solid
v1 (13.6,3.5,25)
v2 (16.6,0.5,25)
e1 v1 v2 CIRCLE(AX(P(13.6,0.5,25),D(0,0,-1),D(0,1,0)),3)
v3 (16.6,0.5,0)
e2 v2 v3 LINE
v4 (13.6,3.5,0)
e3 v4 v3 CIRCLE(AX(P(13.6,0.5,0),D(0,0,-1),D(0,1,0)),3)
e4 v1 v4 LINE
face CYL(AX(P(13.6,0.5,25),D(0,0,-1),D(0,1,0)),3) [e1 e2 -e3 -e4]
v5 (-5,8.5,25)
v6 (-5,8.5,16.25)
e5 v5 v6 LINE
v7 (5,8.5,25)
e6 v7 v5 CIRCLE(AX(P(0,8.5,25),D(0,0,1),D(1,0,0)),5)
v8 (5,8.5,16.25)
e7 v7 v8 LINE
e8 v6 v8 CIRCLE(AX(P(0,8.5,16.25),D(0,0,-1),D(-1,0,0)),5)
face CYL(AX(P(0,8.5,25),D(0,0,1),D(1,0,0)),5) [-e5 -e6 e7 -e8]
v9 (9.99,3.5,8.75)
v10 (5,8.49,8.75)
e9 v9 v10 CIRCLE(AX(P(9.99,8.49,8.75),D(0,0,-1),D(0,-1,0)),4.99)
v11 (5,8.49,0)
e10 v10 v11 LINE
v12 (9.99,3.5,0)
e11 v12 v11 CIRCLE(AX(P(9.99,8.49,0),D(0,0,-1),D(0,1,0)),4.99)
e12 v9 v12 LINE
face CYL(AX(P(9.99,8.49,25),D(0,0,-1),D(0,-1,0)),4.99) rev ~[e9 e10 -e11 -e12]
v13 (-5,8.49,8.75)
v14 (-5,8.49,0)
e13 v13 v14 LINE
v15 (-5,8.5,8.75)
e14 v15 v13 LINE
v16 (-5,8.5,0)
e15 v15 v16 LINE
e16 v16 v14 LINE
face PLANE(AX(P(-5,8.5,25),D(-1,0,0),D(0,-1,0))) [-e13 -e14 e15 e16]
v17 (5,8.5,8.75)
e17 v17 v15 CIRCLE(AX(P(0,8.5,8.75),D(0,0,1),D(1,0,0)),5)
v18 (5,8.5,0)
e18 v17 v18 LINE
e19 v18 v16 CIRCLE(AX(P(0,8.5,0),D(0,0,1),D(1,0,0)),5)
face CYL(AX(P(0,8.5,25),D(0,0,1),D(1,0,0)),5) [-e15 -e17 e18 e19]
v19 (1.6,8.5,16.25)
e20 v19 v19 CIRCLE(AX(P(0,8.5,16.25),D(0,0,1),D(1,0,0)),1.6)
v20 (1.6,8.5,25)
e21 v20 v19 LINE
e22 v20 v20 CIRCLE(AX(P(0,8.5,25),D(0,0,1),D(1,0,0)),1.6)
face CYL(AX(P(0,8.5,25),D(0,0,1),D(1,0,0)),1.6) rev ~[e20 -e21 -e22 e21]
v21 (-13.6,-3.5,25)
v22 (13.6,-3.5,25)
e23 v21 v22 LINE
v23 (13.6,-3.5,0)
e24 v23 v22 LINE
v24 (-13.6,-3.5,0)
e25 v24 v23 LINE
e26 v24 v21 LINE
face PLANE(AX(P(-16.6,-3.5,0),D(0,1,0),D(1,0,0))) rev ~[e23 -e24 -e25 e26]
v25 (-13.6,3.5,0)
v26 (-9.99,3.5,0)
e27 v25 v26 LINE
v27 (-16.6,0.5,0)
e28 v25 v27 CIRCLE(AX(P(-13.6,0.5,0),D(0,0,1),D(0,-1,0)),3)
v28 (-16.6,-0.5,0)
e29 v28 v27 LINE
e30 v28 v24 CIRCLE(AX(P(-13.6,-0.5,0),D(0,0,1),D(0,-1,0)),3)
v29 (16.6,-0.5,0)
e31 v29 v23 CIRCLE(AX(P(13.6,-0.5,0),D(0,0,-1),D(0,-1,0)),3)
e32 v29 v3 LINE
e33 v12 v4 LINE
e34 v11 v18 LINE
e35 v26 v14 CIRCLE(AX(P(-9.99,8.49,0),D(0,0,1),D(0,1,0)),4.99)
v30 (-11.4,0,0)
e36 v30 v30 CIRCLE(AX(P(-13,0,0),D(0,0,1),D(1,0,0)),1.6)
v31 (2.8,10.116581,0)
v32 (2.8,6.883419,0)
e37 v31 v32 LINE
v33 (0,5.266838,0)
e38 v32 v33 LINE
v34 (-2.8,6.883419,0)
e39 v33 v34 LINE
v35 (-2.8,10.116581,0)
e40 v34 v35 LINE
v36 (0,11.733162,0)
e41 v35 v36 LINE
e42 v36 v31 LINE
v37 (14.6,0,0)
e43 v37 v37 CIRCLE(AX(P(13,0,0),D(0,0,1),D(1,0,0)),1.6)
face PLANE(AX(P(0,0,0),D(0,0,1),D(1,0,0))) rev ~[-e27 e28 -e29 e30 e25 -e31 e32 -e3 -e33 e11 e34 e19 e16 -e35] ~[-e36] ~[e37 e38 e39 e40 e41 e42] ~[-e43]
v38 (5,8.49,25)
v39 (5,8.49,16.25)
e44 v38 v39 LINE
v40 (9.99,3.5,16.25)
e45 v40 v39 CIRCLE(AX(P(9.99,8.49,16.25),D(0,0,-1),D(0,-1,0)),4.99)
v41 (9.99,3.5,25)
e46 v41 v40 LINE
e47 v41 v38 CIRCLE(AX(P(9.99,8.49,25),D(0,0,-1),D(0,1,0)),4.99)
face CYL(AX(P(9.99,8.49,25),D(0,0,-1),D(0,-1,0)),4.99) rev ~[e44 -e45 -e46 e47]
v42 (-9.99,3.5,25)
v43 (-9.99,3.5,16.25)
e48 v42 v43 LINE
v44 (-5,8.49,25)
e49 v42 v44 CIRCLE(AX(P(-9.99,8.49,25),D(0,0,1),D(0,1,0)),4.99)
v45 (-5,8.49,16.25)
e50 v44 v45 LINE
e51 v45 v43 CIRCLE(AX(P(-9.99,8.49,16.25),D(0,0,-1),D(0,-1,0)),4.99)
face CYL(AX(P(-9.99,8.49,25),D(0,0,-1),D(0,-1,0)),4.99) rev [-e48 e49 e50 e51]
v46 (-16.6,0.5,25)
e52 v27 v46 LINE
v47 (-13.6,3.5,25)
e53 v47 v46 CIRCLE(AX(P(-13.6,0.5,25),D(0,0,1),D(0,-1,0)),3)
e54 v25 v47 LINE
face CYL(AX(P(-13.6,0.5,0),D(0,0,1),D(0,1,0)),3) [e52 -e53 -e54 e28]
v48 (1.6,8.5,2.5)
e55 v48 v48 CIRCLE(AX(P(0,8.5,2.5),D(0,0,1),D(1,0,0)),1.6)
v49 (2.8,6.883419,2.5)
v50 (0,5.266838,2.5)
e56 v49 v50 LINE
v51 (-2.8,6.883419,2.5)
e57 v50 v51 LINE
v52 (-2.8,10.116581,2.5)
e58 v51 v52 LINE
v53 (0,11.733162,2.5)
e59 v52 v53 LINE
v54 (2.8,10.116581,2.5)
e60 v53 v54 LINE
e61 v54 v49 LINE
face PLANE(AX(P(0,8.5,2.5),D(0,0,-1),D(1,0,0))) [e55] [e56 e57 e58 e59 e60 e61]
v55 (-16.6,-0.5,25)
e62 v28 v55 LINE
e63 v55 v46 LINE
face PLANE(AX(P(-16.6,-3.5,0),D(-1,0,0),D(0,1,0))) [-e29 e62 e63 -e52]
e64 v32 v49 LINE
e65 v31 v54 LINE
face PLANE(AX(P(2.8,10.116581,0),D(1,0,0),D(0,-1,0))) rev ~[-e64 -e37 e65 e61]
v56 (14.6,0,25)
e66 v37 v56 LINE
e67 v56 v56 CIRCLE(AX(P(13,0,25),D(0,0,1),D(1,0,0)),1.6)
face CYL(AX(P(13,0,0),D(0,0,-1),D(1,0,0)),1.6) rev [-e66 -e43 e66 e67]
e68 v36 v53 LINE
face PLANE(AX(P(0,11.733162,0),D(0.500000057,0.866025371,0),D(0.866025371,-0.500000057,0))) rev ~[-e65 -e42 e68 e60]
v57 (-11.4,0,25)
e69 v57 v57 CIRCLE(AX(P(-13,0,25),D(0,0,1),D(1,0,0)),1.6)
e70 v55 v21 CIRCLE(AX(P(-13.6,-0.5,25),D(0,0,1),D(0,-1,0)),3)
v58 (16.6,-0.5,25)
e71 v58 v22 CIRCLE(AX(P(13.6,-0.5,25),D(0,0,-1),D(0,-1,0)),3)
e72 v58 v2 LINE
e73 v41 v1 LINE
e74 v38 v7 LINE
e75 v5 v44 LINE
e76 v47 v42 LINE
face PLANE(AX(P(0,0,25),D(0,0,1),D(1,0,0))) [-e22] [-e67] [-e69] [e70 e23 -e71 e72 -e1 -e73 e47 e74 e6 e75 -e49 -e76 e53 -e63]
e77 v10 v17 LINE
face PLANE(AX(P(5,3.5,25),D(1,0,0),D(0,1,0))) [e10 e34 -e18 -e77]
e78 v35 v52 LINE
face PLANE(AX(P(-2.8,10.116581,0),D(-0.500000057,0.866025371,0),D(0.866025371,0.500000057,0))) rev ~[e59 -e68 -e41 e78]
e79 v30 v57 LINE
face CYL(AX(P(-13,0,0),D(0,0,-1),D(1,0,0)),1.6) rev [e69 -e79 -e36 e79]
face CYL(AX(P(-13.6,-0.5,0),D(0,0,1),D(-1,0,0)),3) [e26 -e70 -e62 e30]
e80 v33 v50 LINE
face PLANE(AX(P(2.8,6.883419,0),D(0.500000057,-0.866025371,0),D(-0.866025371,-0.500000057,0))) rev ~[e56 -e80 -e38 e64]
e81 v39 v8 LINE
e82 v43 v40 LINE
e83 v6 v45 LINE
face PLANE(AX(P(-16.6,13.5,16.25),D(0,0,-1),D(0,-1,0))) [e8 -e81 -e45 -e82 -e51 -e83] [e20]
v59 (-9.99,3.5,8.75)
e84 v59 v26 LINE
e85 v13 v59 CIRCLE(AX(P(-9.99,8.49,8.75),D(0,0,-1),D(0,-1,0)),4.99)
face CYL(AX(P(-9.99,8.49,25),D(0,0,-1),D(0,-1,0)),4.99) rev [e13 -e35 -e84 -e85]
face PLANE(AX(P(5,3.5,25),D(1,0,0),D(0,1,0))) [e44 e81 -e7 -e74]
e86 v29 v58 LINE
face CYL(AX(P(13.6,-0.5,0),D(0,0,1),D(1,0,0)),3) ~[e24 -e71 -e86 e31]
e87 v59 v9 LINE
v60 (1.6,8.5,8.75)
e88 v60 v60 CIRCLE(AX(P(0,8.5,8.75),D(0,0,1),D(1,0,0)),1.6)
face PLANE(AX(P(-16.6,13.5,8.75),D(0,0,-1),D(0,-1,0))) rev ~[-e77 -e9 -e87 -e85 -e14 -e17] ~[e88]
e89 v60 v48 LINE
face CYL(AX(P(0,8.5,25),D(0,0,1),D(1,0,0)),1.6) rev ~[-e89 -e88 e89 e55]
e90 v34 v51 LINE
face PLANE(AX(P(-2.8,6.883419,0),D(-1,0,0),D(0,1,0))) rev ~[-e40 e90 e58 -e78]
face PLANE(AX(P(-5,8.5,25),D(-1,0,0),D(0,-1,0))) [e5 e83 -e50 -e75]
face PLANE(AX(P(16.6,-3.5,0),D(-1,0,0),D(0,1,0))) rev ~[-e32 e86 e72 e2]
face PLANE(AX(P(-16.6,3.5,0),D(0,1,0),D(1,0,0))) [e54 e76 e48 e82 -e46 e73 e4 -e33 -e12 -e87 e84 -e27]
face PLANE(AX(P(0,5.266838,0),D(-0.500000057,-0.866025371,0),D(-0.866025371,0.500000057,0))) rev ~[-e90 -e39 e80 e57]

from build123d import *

# Parameters (mm, degrees)
SKETCH_W        = 33.2
SKETCH_H        = 7
SKETCH_R        = 1.6
PAD_DEPTH       = 25
SKETCH001_R     = 1.6
PAD001_DEPTH    = 25
FILLET_R        = 4.99
SKETCH002_W     = 10
SKETCH002_H     = 7.5
POCKET_DEPTH    = 33.201
POCKET001_DEPTH = 2.5
FILLET001_R     = 3


with BuildPart() as part:
    # Sketch → Pad (new body)
    with BuildSketch(Plane.XY):
        Rectangle(SKETCH_W, SKETCH_H)
        with Locations((-13, 0)):
            Circle(SKETCH_R, mode=Mode.SUBTRACT)
        with Locations((13, 0)):
            Circle(SKETCH_R, mode=Mode.SUBTRACT)
    extrude(amount=PAD_DEPTH)

    # Sketch001 (on Face8 of Pad) → Pad001 (join)
    with BuildSketch(Plane.XY.offset(25)):
        with BuildLine():
            ThreePointArc((5, 8.5), (0, 13.5), (-5, 8.5))
            Line((-5, 8.5), (-5, 3.5))
            Line((-5, 3.5), (5, 3.5))
            Line((5, 3.5), (5, 8.5))
        make_face()
        with Locations((0, 8.5)):
            Circle(SKETCH001_R, mode=Mode.SUBTRACT)
    extrude(amount=-PAD001_DEPTH)

    # Fillet
    fillet_edges = [part.edges().sort_by_distance(p)[0] for p in [
        (-5, 3.5, 12.5),
        (5, 3.5, 12.5),
    ]]
    fillet(fillet_edges, radius=FILLET_R)

    # Sketch002 (on Face4 of Fillet) → Pocket (cut, through all)
    with BuildSketch(Plane(origin=(-16.6, 0, 0), x_dir=(0, -1, 0), z_dir=(-1, 0, 0))):
        with Locations((-8.5, 12.5)):
            Rectangle(SKETCH002_W, SKETCH002_H)
    extrude(amount=-POCKET_DEPTH, mode=Mode.SUBTRACT)

    # Sketch004 (on Face6 of Pocket) → Pocket001 (cut)
    with BuildSketch(Plane(origin=(0, 0, 0), x_dir=(1, 0, 0), z_dir=(0, 0, -1))):
        Polygon((2.8, -6.883419), (0, -5.266838), (-2.8, -6.883419), (-2.8, -10.116581), (0, -11.733162), (2.8, -10.116581), align=None)
    extrude(amount=-POCKET001_DEPTH, mode=Mode.SUBTRACT)

    # Fillet001
    fillet001_edges = [part.edges().sort_by_distance(p)[0] for p in [
        (16.6, 3.5, 4.375),
        (16.6, -3.5, 12.5),
        (-16.6, 3.5, 20.625),
        (-16.6, -3.5, 12.5),
    ]]
    fillet(fillet001_edges, radius=FILLET001_R)


solid = part.part
